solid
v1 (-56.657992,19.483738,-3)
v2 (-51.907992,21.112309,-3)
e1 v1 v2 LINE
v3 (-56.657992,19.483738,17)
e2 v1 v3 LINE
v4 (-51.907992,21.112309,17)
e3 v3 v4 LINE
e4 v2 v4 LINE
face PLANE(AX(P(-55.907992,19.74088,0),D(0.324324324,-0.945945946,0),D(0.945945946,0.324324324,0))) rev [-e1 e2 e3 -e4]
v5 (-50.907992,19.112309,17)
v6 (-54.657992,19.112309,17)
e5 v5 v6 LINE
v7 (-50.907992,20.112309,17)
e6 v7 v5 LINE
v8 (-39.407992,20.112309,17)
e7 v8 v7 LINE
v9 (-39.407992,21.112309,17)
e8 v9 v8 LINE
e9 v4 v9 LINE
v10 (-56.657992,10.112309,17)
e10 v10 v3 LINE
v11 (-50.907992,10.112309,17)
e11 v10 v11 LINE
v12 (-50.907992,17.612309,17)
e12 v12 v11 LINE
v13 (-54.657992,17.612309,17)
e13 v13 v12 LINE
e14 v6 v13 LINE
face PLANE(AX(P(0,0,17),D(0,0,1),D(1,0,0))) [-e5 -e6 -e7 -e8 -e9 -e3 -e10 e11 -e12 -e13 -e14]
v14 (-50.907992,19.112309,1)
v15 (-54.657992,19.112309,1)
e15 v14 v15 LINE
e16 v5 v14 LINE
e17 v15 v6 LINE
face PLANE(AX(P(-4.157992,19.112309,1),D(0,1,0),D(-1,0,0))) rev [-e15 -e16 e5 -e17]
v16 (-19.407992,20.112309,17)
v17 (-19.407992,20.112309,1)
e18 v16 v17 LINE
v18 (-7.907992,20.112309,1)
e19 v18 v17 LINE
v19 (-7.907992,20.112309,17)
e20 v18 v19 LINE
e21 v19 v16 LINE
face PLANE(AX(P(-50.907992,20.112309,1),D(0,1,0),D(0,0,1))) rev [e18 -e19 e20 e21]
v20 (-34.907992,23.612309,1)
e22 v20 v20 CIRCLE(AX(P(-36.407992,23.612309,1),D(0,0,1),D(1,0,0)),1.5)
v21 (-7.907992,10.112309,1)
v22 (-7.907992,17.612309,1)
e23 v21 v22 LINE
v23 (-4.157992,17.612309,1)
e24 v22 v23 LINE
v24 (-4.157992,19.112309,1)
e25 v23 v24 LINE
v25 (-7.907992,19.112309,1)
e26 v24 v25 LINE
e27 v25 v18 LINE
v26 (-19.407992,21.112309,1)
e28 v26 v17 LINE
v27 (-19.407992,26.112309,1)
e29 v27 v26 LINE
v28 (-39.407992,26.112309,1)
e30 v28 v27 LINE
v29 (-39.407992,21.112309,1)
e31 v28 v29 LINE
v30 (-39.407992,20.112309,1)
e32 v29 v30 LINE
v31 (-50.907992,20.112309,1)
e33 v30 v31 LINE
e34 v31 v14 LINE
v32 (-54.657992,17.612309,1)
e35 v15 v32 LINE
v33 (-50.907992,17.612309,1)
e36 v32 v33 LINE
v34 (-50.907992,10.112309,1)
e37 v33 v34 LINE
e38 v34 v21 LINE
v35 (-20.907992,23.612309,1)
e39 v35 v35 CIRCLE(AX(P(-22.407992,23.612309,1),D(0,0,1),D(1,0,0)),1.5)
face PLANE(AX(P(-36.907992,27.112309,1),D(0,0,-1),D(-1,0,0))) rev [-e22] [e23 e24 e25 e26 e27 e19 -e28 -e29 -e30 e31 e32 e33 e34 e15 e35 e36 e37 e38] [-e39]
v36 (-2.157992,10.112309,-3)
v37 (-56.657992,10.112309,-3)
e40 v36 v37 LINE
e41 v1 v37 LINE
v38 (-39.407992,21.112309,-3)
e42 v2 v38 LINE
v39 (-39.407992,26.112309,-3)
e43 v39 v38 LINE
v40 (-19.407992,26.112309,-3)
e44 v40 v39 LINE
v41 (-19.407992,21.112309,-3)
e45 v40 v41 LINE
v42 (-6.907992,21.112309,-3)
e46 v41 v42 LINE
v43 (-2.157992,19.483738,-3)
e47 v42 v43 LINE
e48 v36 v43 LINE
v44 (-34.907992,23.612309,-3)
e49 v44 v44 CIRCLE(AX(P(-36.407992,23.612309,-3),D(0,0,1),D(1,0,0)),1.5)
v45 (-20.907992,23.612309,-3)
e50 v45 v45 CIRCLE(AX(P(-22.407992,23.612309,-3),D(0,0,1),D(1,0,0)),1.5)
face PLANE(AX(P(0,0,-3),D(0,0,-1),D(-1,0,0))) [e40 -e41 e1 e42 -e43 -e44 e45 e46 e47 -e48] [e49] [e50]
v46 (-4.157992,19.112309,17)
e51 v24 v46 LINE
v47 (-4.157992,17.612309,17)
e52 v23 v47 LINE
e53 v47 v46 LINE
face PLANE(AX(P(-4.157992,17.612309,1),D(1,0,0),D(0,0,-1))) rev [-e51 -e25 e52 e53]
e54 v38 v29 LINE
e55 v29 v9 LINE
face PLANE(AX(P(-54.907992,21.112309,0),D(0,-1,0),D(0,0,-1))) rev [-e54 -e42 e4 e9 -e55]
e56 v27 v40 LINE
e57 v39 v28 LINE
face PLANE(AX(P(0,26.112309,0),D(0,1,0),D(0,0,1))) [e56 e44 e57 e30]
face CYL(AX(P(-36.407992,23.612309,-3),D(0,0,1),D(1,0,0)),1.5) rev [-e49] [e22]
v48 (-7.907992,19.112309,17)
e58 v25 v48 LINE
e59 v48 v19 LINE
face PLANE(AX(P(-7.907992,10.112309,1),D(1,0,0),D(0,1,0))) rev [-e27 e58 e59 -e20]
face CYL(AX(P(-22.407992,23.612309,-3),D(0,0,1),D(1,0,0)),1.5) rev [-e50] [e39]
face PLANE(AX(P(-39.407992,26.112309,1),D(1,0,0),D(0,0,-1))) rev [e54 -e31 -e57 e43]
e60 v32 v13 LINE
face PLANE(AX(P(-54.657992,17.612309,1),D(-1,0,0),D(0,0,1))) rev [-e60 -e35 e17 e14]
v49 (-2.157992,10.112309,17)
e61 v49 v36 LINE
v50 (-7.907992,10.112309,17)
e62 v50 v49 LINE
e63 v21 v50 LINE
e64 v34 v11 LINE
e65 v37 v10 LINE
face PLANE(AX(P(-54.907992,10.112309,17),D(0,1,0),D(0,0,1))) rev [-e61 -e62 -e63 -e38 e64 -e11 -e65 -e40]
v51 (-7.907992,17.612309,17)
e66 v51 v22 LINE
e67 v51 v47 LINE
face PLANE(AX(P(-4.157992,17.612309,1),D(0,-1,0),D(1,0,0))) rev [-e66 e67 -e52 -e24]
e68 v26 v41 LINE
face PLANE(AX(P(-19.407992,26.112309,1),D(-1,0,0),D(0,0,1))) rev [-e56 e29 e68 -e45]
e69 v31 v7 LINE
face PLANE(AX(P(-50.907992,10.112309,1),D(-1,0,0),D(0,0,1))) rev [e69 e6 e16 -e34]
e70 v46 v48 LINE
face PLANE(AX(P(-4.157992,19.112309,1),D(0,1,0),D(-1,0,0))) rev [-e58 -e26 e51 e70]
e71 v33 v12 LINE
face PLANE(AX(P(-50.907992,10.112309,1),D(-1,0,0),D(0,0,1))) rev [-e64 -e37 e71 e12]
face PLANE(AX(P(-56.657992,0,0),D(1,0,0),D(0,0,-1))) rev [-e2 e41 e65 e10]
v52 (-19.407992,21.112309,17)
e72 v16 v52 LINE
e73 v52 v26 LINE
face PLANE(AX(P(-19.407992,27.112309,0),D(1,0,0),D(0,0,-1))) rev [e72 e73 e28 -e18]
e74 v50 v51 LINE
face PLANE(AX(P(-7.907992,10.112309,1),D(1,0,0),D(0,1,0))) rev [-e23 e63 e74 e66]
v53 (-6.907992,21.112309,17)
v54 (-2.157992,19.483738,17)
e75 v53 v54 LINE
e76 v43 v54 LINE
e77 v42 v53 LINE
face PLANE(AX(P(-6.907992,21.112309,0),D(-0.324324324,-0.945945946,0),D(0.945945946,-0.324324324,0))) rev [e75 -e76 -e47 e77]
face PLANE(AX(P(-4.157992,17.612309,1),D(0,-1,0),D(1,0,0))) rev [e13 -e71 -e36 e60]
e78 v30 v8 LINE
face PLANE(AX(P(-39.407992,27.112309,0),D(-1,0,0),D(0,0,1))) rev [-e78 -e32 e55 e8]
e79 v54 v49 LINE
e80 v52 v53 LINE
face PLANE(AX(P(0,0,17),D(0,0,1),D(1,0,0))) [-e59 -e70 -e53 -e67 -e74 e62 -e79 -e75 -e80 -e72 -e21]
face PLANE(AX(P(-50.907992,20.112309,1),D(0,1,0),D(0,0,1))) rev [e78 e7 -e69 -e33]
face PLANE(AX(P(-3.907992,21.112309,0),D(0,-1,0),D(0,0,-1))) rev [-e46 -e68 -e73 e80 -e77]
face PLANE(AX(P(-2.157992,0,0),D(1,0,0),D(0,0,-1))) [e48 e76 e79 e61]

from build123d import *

# Parameters (mm, degrees)
CROQUIS1_W              = 51
CROQUIS1_H              = 17
SALIENTE_EXTRUIR1_DEPTH = 17
CROQUIS2_W              = 15
CROQUIS2_H              = 16
CORTAR_EXTRUIR1_DEPTH   = 17
CROQUIS3_W              = 43
CROQUIS3_H              = 10
CORTAR_EXTRUIR2_DEPTH   = 16
CROQUIS6_W              = 50.5
CROQUIS6_H              = 1.5
CORTAR_EXTRUIR4_DEPTH   = 16
CORTAR_EXTRUIR5_START   = -17
CROQUIS7_W              = 6
CROQUIS7_H              = 6
CROQUIS7_W_2            = 20
CROQUIS7_H_2            = 7
CORTAR_EXTRUIR5_DEPTH   = 17
CORTAR_EXTRUIR6_START   = -39
CROQUIS8_W              = 10
CROQUIS8_H              = 6
CORTAR_EXTRUIR6_DEPTH   = 39
CROQUIS10_W             = 17
CROQUIS10_H             = 11
SALIENTE_EXTRUIR4_DEPTH = 1
CROQUIS11_W             = 17
CROQUIS11_H             = 11
SALIENTE_EXTRUIR5_DEPTH = 1
CORTAR_EXTRUIR7_START   = -17
CORTAR_EXTRUIR7_DEPTH   = 17
CROQUIS13_W             = 9.5
CROQUIS13_H             = 6
CORTAR_EXTRUIR8_DEPTH   = 7
SALIENTE_EXTRUIR6_DEPTH = 3
CROQUIS16_W             = 20
CROQUIS16_H             = 4
SALIENTE_EXTRUIR7_DEPTH = 6
CROQUIS17_R             = 1.5
CORTAR_EXTRUIR9_DEPTH   = 4
CROQUIS20_W             = 20
CROQUIS20_H             = 9.628571429
SALIENTE_EXTRUIR8_DEPTH = 0.75
CROQUIS21_W             = 20
CROQUIS21_H             = 9.628571429
SALIENTE_EXTRUIR9_DEPTH = 0.75
CORTAR_EXTRUIR10_START  = -20
CORTAR_EXTRUIR10_DEPTH  = 20


with BuildPart() as part:
    # Croquis1 → Saliente-Extruir1 (new body)
    with BuildSketch(Plane.XY):
        with Locations((-29.407991935, 18.612308998)):
            Rectangle(CROQUIS1_W, CROQUIS1_H)
    extrude(amount=SALIENTE_EXTRUIR1_DEPTH)

    # Croquis2 → Cortar-Extruir1 (cut)
    with BuildSketch(Plane.XZ.offset(-10.112308998)):
        with Locations((-29.407991935, 9)):
            Rectangle(CROQUIS2_W, CROQUIS2_H)
    extrude(amount=-CORTAR_EXTRUIR1_DEPTH, mode=Mode.SUBTRACT)

    # Croquis3 → Cortar-Extruir2 (cut)
    with BuildSketch(Plane.XY.offset(17)):
        with Locations((-29.407991935, 15.112308998)):
            Rectangle(CROQUIS3_W, CROQUIS3_H)
    extrude(amount=-CORTAR_EXTRUIR2_DEPTH, mode=Mode.SUBTRACT)

    # Croquis6 → Cortar-Extruir4 (cut)
    with BuildSketch(Plane.XY.offset(17)):
        with Locations((-29.407991935, 18.362308998)):
            Rectangle(CROQUIS6_W, CROQUIS6_H)
    extrude(amount=-CORTAR_EXTRUIR4_DEPTH, mode=Mode.SUBTRACT)

    # Croquis7 → Cortar-Extruir5 (cut)
    with BuildSketch(Plane.XY.offset(17).offset(CORTAR_EXTRUIR5_START)):
        with Locations((-6.907991935, 24.112308998)):
            Rectangle(CROQUIS7_W, CROQUIS7_H)
        with Locations((-51.907991935, 24.112308998)):
            Rectangle(CROQUIS7_W, CROQUIS7_H)
        with Locations((-29.407991935, 23.612308998)):
            Rectangle(CROQUIS7_W_2, CROQUIS7_H_2)
    extrude(amount=CORTAR_EXTRUIR5_DEPTH, mode=Mode.SUBTRACT)

    # Croquis8 → Cortar-Extruir6 (cut)
    with BuildSketch(Plane(origin=(-9.907991935, 0, 0), x_dir=(0, 0, -1), z_dir=(1, 0, 0)).offset(CORTAR_EXTRUIR6_START)):
        with Locations((-5, 24.112308998)):
            Rectangle(CROQUIS8_W, CROQUIS8_H)
    extrude(amount=CORTAR_EXTRUIR6_DEPTH, mode=Mode.SUBTRACT)

    # Croquis10 → Saliente-Extruir4 (add)
    with BuildSketch(Plane.ZY.offset(54.907991935)):
        with Locations((8.5, 15.612308998)):
            Rectangle(CROQUIS10_W, CROQUIS10_H)
    extrude(amount=SALIENTE_EXTRUIR4_DEPTH)

    # Croquis11 → Saliente-Extruir5 (add)
    with BuildSketch(Plane(origin=(-3.907991935, 0, 0), x_dir=(0, 0, -1), z_dir=(1, 0, 0))):
        with Locations((-8.5, 15.612308998)):
            Rectangle(CROQUIS11_W, CROQUIS11_H)
    extrude(amount=SALIENTE_EXTRUIR5_DEPTH)

    # Croquis12 → Cortar-Extruir7 (cut)
    with BuildSketch(Plane.XY.offset(17).offset(CORTAR_EXTRUIR7_START)):
        Polygon((-55.907991935, 21.112308998), (-51.907991935, 21.112308998), (-55.907991935, 19.740880427), align=None)
        Polygon((-2.907991935, 21.112308998), (-6.907991935, 21.112308998), (-2.907991935, 19.740880427), align=None)
    extrude(amount=CORTAR_EXTRUIR7_DEPTH, mode=Mode.SUBTRACT)

    # Croquis13 → Cortar-Extruir8 (cut)
    with BuildSketch(Plane.XY.offset(17)):
        with Locations((-44.157991935, 24.112308998)):
            Rectangle(CROQUIS13_W, CROQUIS13_H)
        with Locations((-14.657991935, 24.112308998)):
            Rectangle(CROQUIS13_W, CROQUIS13_H)
    extrude(amount=-CORTAR_EXTRUIR8_DEPTH, mode=Mode.SUBTRACT)

    # Croquis14 → Saliente-Extruir6 (add)
    with BuildSketch(Plane(origin=(0, 0, 0), x_dir=(-1, 0, 0), z_dir=(0, 0, -1))):
        Polygon((55.907991935, 10.112308998), (55.907991935, 19.740880427), (51.907991935, 21.112308998), (39.407991935, 21.112308998), (39.407991935, 20.112308998), (19.407991935, 20.112308998), (19.407991935, 21.112308998), (6.907991935, 21.112308998), (2.907991935, 19.740880427), (2.907991935, 10.112308998), align=None)
    extrude(amount=SALIENTE_EXTRUIR6_DEPTH)

    # Croquis16 → Saliente-Extruir7 (add)
    with BuildSketch(Plane(origin=(0, 20.112308998, 0), x_dir=(1, 0, 0), z_dir=(0, 1, 0))):
        with Locations((-29.407991935, 1)):
            Rectangle(CROQUIS16_W, CROQUIS16_H)
    extrude(amount=SALIENTE_EXTRUIR7_DEPTH)

    # Croquis17 → Cortar-Extruir9 (cut)
    with BuildSketch(Plane.XY.offset(1)):
        with Locations((-22.407991935, 23.612308998)):
            Circle(CROQUIS17_R)
        with Locations((-36.407991935, 23.612308998)):
            Circle(CROQUIS17_R)
    extrude(amount=-CORTAR_EXTRUIR9_DEPTH, mode=Mode.SUBTRACT)

    # Croquis20 → Saliente-Extruir8 (add)
    with BuildSketch(Plane.ZY.offset(55.907991935)):
        with Locations((7, 14.926594713)):
            Rectangle(CROQUIS20_W, CROQUIS20_H)
    extrude(amount=SALIENTE_EXTRUIR8_DEPTH)

    # Croquis21 → Saliente-Extruir9 (add)
    with BuildSketch(Plane(origin=(-2.907991935, 0, 0), x_dir=(0, 0, -1), z_dir=(1, 0, 0))):
        with Locations((-7, 14.926594713)):
            Rectangle(CROQUIS21_W, CROQUIS21_H)
    extrude(amount=SALIENTE_EXTRUIR9_DEPTH)

    # Croquis22 → Cortar-Extruir10 (cut)
    with BuildSketch(Plane.XY.offset(17).offset(CORTAR_EXTRUIR10_START)):
        Polygon((-56.657991935, 19.48373757), (-56.657991935, 19.740880427), (-55.907991935, 19.740880427), align=None)
        Polygon((-2.157991935, 19.48373757), (-2.157991935, 19.740880427), (-2.907991935, 19.740880427), align=None)
    extrude(amount=CORTAR_EXTRUIR10_DEPTH, mode=Mode.SUBTRACT)


solid = part.part
